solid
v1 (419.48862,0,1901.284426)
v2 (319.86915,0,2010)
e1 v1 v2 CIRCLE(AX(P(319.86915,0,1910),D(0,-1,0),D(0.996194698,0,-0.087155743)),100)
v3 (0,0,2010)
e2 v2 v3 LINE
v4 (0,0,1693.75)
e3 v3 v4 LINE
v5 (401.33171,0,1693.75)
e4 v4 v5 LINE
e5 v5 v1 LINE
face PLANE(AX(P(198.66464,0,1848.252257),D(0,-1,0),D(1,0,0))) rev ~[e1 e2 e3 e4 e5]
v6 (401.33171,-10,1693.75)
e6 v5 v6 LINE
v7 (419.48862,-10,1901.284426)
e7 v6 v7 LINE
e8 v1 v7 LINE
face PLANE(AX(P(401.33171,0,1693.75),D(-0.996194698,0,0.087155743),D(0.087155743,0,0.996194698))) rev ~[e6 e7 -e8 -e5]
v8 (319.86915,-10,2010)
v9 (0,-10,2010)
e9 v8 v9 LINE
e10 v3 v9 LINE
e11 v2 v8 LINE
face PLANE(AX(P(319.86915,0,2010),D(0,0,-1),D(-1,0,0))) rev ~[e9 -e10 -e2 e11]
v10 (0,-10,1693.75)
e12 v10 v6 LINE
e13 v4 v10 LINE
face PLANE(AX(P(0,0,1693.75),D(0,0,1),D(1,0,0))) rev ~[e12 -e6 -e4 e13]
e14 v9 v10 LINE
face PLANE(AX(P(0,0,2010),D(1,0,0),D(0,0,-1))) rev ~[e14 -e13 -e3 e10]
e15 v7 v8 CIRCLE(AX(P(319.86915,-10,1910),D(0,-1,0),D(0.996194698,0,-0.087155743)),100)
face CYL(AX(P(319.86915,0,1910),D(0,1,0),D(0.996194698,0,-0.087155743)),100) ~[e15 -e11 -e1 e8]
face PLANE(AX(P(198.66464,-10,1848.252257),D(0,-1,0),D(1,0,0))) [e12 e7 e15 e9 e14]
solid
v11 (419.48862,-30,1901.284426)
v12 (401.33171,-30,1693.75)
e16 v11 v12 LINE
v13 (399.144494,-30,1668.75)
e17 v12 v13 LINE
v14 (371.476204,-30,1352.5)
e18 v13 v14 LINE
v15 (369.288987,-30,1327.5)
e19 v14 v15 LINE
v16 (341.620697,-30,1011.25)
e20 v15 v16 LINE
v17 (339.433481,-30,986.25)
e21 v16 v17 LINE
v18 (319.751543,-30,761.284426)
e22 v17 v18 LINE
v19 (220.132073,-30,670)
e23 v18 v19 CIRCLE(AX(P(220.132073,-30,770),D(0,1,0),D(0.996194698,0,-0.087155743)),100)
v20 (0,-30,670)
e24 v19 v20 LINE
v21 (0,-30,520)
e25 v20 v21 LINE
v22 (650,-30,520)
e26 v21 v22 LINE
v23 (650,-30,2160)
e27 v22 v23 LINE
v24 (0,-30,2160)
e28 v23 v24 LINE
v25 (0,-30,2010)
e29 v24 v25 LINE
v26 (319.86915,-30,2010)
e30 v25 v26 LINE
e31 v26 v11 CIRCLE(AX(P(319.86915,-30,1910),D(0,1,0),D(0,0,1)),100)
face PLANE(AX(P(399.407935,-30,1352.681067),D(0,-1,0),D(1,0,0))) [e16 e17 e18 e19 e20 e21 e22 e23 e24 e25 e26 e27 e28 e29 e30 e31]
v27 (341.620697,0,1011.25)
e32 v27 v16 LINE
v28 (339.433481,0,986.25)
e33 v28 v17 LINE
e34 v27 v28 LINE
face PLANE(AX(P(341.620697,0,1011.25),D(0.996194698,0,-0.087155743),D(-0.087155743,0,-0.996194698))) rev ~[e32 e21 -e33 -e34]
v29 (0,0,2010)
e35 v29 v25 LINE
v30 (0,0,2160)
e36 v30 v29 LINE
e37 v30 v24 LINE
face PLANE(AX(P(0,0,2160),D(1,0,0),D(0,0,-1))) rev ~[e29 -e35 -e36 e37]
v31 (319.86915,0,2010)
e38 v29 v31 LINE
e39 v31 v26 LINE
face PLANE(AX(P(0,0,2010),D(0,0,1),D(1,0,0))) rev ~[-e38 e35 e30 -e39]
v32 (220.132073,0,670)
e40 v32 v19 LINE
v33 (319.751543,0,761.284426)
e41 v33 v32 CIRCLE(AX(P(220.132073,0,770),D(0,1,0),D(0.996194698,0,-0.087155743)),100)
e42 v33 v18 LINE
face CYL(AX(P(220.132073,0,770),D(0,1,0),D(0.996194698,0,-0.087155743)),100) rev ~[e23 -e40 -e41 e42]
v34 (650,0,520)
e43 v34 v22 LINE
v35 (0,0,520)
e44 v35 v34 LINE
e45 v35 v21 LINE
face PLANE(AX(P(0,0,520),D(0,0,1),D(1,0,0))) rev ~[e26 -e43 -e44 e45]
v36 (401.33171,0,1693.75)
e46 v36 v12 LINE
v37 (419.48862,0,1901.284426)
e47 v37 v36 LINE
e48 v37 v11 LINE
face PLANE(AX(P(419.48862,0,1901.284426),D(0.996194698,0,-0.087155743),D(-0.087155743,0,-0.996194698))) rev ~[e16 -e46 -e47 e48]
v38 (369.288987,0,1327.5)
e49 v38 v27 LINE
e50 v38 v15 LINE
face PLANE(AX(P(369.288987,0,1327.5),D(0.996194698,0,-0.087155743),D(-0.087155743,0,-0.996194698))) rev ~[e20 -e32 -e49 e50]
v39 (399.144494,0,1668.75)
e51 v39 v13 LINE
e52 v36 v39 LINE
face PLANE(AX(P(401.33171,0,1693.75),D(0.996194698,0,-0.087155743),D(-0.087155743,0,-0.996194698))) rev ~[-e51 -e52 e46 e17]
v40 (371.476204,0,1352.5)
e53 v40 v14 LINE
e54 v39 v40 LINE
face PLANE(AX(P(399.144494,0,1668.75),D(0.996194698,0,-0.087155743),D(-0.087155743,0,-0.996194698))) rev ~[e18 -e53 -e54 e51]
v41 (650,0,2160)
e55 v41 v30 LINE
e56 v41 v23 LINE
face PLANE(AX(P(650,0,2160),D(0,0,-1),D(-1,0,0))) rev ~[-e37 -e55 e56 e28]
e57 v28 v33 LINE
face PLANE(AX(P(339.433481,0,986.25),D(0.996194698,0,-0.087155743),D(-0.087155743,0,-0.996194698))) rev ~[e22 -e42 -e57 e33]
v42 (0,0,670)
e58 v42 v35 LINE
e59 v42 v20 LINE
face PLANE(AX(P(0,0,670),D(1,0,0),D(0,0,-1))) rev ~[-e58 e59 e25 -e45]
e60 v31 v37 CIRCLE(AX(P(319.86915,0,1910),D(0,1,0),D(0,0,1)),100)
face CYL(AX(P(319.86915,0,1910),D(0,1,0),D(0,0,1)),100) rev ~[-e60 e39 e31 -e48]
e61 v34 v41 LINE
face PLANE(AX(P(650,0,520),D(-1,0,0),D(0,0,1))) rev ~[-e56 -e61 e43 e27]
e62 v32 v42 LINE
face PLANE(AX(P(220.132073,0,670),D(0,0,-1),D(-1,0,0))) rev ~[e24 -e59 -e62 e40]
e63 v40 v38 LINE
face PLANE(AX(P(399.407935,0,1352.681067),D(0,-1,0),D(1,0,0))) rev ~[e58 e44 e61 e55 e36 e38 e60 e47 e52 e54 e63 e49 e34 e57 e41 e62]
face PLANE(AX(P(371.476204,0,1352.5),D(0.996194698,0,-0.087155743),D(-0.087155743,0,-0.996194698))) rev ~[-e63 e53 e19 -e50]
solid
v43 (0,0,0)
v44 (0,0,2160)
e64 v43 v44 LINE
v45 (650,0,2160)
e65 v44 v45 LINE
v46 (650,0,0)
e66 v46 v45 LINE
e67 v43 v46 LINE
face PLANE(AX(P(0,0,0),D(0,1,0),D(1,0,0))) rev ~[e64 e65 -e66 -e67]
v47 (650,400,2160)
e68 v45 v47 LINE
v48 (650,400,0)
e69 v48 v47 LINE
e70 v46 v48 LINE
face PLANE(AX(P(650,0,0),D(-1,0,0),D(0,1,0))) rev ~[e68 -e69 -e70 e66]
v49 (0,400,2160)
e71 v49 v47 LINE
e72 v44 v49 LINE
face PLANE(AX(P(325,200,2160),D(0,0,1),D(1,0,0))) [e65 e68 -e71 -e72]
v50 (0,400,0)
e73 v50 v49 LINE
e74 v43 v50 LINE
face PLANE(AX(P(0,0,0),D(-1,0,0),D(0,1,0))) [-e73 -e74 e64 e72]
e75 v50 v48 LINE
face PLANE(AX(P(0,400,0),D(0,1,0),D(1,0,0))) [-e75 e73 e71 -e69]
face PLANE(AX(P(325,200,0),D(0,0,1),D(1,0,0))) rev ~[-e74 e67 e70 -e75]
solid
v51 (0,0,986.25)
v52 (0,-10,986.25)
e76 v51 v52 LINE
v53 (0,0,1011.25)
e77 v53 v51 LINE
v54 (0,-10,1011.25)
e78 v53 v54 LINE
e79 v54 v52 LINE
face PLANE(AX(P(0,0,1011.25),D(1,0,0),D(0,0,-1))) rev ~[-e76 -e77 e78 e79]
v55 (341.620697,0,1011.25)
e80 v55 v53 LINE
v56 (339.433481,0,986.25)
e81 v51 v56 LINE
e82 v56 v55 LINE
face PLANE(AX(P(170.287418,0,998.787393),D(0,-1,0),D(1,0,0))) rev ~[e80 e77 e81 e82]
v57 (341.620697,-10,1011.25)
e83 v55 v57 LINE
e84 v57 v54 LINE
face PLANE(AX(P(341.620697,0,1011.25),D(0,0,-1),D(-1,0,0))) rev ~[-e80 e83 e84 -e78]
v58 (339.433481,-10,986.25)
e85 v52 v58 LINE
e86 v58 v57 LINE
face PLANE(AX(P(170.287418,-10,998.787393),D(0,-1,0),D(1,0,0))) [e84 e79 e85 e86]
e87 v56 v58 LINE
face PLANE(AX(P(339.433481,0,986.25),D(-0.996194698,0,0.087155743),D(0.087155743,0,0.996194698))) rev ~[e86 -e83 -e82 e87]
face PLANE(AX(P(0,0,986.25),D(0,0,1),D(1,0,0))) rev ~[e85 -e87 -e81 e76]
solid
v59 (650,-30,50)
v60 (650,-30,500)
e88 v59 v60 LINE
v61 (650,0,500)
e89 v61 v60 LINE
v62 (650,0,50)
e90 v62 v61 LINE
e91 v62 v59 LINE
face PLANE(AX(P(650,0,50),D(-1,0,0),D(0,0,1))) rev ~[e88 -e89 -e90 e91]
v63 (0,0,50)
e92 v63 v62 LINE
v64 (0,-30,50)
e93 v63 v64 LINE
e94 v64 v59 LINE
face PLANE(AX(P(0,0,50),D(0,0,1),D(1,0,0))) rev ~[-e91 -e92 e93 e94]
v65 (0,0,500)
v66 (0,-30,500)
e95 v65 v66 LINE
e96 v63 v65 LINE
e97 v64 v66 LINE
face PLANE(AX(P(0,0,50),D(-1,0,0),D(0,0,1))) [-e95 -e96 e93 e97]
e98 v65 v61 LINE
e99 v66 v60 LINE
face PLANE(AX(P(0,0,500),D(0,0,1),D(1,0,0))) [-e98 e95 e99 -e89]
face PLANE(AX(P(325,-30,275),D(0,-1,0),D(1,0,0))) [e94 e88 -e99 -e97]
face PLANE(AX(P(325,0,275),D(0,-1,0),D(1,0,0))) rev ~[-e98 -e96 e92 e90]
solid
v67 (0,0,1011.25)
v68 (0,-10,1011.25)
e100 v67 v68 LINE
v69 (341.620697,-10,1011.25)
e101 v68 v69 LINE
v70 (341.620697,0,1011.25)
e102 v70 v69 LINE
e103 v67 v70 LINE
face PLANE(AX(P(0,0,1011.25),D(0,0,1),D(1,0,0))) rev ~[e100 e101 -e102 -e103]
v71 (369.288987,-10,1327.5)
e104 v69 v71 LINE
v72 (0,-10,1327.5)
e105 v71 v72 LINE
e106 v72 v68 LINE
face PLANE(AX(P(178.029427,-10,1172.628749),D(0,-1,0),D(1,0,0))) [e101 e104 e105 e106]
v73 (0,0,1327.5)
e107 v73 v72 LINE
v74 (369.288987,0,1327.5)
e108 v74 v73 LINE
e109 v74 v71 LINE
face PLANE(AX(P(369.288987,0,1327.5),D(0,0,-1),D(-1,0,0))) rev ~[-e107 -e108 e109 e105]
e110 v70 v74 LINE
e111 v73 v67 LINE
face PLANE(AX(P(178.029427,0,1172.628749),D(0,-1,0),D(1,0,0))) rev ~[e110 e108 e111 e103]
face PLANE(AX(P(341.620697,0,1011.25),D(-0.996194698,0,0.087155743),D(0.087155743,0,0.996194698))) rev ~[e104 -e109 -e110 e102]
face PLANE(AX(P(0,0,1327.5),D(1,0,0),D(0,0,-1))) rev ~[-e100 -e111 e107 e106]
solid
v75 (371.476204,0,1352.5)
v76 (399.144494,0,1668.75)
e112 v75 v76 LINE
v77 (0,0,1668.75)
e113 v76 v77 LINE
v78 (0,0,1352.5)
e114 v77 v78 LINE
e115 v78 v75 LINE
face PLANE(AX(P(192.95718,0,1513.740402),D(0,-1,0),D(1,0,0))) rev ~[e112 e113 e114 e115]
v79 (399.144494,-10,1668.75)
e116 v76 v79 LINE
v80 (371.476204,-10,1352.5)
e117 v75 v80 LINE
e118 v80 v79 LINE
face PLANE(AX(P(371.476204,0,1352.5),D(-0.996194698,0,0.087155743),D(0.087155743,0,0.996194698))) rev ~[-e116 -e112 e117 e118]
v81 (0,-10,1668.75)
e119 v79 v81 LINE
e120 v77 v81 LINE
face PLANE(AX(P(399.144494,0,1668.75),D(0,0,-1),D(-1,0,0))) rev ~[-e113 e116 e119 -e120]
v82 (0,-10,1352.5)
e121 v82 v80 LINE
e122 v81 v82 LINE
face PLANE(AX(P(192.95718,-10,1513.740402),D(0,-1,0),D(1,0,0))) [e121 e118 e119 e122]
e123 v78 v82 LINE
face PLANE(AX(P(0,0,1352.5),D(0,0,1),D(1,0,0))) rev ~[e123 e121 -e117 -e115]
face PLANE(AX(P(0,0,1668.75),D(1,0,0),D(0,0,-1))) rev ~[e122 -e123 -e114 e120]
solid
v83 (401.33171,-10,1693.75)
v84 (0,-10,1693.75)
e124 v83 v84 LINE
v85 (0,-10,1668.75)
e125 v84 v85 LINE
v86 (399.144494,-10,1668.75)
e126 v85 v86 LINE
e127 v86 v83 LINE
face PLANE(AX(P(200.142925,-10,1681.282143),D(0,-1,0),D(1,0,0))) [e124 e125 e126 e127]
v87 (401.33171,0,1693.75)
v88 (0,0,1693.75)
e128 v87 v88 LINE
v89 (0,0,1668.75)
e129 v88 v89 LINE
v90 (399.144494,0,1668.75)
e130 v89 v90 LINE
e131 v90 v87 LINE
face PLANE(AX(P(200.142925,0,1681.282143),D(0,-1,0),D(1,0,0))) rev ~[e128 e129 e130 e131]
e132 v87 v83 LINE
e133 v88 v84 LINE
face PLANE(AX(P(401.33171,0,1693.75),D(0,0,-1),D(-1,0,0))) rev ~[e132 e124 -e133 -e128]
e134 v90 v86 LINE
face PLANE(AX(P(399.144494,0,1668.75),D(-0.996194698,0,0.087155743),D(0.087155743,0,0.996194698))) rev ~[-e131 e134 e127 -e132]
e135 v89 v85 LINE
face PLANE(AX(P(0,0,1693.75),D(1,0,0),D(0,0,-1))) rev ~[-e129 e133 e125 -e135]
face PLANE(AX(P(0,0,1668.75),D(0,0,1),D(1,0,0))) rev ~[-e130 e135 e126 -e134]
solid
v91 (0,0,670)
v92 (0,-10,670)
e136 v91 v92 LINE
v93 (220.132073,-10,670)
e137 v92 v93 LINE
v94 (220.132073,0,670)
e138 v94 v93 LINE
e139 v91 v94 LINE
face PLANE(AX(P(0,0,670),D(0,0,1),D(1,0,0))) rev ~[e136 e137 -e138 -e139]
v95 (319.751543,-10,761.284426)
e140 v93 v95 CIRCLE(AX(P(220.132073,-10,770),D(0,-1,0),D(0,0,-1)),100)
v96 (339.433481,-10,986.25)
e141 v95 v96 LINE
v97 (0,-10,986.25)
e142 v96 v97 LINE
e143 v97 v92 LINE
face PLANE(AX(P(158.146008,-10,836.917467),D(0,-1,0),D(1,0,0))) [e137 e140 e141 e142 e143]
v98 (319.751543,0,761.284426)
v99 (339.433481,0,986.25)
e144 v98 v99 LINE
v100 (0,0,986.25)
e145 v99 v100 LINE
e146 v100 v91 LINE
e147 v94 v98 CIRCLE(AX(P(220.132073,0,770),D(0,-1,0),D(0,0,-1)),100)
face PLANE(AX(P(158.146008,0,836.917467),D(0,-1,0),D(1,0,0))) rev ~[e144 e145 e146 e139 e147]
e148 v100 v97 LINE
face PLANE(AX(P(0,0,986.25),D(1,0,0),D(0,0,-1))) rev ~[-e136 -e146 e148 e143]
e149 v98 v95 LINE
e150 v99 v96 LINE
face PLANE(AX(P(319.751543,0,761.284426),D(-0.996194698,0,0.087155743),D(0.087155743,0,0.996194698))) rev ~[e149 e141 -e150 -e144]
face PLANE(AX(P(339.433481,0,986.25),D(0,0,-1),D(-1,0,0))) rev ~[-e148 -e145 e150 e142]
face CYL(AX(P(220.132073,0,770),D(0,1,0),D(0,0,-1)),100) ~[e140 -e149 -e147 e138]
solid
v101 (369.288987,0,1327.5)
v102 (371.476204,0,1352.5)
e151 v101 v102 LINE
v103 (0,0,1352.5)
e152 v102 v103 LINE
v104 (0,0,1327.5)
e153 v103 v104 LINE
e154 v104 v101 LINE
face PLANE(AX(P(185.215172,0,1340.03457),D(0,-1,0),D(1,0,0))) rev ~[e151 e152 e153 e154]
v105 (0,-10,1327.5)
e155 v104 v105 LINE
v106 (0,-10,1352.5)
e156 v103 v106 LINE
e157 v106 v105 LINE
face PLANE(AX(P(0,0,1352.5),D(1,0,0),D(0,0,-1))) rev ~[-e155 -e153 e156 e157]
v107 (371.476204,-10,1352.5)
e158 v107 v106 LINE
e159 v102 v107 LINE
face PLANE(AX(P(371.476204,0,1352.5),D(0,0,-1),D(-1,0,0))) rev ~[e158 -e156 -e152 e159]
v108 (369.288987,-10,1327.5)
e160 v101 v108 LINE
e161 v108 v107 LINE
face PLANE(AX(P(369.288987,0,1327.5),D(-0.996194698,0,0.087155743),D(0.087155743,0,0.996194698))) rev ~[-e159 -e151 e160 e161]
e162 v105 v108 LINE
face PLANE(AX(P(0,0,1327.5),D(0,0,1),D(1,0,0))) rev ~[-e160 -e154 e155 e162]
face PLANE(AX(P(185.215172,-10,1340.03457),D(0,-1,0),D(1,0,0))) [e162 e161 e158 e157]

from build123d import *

# Parameters (mm, degrees)
F1_W     = 650
F1_H     = 400
F2_DEPTH = 2160
F3_W     = 650
F3_H     = 450
F4_DEPTH = 30
F5_DEPTH = 10
F6_DEPTH = 10


with BuildPart() as f2:
    # F1 (on Top) → F2 (new body)
    with BuildSketch(Plane.XY):
        with Locations((325, 200)):
            Rectangle(F1_W, F1_H)
    extrude(amount=F2_DEPTH)


with BuildPart() as f4:
    # F3 (on face) → F4 (new body)
    with BuildSketch(Plane.XZ):
        with Locations((325, 275)):
            Rectangle(F3_W, F3_H)
    extrude(amount=F4_DEPTH)


with BuildPart() as f4b:
    # F3 (on face) → F4, piece 2 (new body)
    with BuildSketch(Plane.XZ):
        with BuildLine():
            Line((0, 670), (0, 520))
            Line((0, 520), (650, 520))
            Line((650, 520), (650, 2160))
            Line((650, 2160), (0, 2160))
            Line((0, 2160), (0, 2010))
            Line((0, 2010), (319.8691498931, 2010))
            ThreePointArc((319.8691498931, 2010), (393.5968835741, 1977.5590207616), (419.4886197022, 1901.2844257252))
            Line((419.4886197022, 1901.2844257252), (401.3317101599, 1693.75))
            Line((401.3317101599, 1693.75), (399.1444935718, 1668.75))
            Line((399.1444935718, 1668.75), (371.4762037317, 1352.5))
            Line((371.4762037317, 1352.5), (369.2889871436, 1327.5))
            Line((369.2889871436, 1327.5), (341.6206973035, 1011.25))
            Line((341.6206973035, 1011.25), (339.4334807153, 986.25))
            Line((339.4334807153, 986.25), (319.7515432827, 761.2844257252))
            ThreePointArc((319.7515432827, 761.2844257252), (287.6910942351, 696.272266319), (220.1320734735, 670))
            Line((220.1320734735, 670), (0, 670))
        make_face()
    extrude(amount=F4_DEPTH)


with BuildPart() as f5:
    # F3 (on face) → F5 (new body)
    with BuildSketch(Plane.XZ):
        with BuildLine():
            Line((319.8691498931, 2010), (0, 2010))
            Line((0, 2010), (0, 1693.75))
            Line((0, 1693.75), (401.3317101599, 1693.75))
            Line((401.3317101599, 1693.75), (419.4886197022, 1901.2844257252))
            ThreePointArc((419.4886197022, 1901.2844257252), (393.5968835741, 1977.5590207616), (319.8691498931, 2010))
        make_face()
    extrude(amount=F5_DEPTH)


with BuildPart() as f5b:
    # F3 (on face) → F5, piece 2 (new body)
    with BuildSketch(Plane.XZ):
        Polygon((0, 1668.75), (0, 1352.5), (371.4762037317, 1352.5), (399.1444935718, 1668.75), align=None)
    extrude(amount=F5_DEPTH)


with BuildPart() as f5c:
    # F3 (on face) → F5, piece 3 (new body)
    with BuildSketch(Plane.XZ):
        Polygon((0, 1327.5), (0, 1011.25), (341.6206973035, 1011.25), (369.2889871436, 1327.5), align=None)
    extrude(amount=F5_DEPTH)


with BuildPart() as f5d:
    # F3 (on face) → F5, piece 4 (new body)
    with BuildSketch(Plane.XZ):
        with BuildLine():
            Line((0, 986.25), (0, 670))
            Line((0, 670), (220.1320734735, 670))
            ThreePointArc((220.1320734735, 670), (287.6910942351, 696.272266319), (319.7515432827, 761.2844257252))
            Line((319.7515432827, 761.2844257252), (339.4334807153, 986.25))
            Line((339.4334807153, 986.25), (0, 986.25))
        make_face()
    extrude(amount=F5_DEPTH)


with BuildPart() as f6:
    # F3 (on face) → F6 (new body)
    with BuildSketch(Plane.XZ):
        Polygon((401.3317101599, 1693.75), (0, 1693.75), (0, 1668.75), (399.1444935718, 1668.75), align=None)
    extrude(amount=F6_DEPTH)


with BuildPart() as f6b:
    # F3 (on face) → F6, piece 2 (new body)
    with BuildSketch(Plane.XZ):
        Polygon((0, 1352.5), (0, 1327.5), (369.2889871436, 1327.5), (371.4762037317, 1352.5), align=None)
    extrude(amount=F6_DEPTH)


with BuildPart() as f6c:
    # F3 (on face) → F6, piece 3 (new body)
    with BuildSketch(Plane.XZ):
        Polygon((0, 1011.25), (0, 986.25), (339.4334807153, 986.25), (341.6206973035, 1011.25), align=None)
    extrude(amount=F6_DEPTH)


solid = Compound([f2.part, f4.part, f4b.part, f5.part, f5b.part, f5c.part, f5d.part, f6.part, f6b.part, f6c.part])
